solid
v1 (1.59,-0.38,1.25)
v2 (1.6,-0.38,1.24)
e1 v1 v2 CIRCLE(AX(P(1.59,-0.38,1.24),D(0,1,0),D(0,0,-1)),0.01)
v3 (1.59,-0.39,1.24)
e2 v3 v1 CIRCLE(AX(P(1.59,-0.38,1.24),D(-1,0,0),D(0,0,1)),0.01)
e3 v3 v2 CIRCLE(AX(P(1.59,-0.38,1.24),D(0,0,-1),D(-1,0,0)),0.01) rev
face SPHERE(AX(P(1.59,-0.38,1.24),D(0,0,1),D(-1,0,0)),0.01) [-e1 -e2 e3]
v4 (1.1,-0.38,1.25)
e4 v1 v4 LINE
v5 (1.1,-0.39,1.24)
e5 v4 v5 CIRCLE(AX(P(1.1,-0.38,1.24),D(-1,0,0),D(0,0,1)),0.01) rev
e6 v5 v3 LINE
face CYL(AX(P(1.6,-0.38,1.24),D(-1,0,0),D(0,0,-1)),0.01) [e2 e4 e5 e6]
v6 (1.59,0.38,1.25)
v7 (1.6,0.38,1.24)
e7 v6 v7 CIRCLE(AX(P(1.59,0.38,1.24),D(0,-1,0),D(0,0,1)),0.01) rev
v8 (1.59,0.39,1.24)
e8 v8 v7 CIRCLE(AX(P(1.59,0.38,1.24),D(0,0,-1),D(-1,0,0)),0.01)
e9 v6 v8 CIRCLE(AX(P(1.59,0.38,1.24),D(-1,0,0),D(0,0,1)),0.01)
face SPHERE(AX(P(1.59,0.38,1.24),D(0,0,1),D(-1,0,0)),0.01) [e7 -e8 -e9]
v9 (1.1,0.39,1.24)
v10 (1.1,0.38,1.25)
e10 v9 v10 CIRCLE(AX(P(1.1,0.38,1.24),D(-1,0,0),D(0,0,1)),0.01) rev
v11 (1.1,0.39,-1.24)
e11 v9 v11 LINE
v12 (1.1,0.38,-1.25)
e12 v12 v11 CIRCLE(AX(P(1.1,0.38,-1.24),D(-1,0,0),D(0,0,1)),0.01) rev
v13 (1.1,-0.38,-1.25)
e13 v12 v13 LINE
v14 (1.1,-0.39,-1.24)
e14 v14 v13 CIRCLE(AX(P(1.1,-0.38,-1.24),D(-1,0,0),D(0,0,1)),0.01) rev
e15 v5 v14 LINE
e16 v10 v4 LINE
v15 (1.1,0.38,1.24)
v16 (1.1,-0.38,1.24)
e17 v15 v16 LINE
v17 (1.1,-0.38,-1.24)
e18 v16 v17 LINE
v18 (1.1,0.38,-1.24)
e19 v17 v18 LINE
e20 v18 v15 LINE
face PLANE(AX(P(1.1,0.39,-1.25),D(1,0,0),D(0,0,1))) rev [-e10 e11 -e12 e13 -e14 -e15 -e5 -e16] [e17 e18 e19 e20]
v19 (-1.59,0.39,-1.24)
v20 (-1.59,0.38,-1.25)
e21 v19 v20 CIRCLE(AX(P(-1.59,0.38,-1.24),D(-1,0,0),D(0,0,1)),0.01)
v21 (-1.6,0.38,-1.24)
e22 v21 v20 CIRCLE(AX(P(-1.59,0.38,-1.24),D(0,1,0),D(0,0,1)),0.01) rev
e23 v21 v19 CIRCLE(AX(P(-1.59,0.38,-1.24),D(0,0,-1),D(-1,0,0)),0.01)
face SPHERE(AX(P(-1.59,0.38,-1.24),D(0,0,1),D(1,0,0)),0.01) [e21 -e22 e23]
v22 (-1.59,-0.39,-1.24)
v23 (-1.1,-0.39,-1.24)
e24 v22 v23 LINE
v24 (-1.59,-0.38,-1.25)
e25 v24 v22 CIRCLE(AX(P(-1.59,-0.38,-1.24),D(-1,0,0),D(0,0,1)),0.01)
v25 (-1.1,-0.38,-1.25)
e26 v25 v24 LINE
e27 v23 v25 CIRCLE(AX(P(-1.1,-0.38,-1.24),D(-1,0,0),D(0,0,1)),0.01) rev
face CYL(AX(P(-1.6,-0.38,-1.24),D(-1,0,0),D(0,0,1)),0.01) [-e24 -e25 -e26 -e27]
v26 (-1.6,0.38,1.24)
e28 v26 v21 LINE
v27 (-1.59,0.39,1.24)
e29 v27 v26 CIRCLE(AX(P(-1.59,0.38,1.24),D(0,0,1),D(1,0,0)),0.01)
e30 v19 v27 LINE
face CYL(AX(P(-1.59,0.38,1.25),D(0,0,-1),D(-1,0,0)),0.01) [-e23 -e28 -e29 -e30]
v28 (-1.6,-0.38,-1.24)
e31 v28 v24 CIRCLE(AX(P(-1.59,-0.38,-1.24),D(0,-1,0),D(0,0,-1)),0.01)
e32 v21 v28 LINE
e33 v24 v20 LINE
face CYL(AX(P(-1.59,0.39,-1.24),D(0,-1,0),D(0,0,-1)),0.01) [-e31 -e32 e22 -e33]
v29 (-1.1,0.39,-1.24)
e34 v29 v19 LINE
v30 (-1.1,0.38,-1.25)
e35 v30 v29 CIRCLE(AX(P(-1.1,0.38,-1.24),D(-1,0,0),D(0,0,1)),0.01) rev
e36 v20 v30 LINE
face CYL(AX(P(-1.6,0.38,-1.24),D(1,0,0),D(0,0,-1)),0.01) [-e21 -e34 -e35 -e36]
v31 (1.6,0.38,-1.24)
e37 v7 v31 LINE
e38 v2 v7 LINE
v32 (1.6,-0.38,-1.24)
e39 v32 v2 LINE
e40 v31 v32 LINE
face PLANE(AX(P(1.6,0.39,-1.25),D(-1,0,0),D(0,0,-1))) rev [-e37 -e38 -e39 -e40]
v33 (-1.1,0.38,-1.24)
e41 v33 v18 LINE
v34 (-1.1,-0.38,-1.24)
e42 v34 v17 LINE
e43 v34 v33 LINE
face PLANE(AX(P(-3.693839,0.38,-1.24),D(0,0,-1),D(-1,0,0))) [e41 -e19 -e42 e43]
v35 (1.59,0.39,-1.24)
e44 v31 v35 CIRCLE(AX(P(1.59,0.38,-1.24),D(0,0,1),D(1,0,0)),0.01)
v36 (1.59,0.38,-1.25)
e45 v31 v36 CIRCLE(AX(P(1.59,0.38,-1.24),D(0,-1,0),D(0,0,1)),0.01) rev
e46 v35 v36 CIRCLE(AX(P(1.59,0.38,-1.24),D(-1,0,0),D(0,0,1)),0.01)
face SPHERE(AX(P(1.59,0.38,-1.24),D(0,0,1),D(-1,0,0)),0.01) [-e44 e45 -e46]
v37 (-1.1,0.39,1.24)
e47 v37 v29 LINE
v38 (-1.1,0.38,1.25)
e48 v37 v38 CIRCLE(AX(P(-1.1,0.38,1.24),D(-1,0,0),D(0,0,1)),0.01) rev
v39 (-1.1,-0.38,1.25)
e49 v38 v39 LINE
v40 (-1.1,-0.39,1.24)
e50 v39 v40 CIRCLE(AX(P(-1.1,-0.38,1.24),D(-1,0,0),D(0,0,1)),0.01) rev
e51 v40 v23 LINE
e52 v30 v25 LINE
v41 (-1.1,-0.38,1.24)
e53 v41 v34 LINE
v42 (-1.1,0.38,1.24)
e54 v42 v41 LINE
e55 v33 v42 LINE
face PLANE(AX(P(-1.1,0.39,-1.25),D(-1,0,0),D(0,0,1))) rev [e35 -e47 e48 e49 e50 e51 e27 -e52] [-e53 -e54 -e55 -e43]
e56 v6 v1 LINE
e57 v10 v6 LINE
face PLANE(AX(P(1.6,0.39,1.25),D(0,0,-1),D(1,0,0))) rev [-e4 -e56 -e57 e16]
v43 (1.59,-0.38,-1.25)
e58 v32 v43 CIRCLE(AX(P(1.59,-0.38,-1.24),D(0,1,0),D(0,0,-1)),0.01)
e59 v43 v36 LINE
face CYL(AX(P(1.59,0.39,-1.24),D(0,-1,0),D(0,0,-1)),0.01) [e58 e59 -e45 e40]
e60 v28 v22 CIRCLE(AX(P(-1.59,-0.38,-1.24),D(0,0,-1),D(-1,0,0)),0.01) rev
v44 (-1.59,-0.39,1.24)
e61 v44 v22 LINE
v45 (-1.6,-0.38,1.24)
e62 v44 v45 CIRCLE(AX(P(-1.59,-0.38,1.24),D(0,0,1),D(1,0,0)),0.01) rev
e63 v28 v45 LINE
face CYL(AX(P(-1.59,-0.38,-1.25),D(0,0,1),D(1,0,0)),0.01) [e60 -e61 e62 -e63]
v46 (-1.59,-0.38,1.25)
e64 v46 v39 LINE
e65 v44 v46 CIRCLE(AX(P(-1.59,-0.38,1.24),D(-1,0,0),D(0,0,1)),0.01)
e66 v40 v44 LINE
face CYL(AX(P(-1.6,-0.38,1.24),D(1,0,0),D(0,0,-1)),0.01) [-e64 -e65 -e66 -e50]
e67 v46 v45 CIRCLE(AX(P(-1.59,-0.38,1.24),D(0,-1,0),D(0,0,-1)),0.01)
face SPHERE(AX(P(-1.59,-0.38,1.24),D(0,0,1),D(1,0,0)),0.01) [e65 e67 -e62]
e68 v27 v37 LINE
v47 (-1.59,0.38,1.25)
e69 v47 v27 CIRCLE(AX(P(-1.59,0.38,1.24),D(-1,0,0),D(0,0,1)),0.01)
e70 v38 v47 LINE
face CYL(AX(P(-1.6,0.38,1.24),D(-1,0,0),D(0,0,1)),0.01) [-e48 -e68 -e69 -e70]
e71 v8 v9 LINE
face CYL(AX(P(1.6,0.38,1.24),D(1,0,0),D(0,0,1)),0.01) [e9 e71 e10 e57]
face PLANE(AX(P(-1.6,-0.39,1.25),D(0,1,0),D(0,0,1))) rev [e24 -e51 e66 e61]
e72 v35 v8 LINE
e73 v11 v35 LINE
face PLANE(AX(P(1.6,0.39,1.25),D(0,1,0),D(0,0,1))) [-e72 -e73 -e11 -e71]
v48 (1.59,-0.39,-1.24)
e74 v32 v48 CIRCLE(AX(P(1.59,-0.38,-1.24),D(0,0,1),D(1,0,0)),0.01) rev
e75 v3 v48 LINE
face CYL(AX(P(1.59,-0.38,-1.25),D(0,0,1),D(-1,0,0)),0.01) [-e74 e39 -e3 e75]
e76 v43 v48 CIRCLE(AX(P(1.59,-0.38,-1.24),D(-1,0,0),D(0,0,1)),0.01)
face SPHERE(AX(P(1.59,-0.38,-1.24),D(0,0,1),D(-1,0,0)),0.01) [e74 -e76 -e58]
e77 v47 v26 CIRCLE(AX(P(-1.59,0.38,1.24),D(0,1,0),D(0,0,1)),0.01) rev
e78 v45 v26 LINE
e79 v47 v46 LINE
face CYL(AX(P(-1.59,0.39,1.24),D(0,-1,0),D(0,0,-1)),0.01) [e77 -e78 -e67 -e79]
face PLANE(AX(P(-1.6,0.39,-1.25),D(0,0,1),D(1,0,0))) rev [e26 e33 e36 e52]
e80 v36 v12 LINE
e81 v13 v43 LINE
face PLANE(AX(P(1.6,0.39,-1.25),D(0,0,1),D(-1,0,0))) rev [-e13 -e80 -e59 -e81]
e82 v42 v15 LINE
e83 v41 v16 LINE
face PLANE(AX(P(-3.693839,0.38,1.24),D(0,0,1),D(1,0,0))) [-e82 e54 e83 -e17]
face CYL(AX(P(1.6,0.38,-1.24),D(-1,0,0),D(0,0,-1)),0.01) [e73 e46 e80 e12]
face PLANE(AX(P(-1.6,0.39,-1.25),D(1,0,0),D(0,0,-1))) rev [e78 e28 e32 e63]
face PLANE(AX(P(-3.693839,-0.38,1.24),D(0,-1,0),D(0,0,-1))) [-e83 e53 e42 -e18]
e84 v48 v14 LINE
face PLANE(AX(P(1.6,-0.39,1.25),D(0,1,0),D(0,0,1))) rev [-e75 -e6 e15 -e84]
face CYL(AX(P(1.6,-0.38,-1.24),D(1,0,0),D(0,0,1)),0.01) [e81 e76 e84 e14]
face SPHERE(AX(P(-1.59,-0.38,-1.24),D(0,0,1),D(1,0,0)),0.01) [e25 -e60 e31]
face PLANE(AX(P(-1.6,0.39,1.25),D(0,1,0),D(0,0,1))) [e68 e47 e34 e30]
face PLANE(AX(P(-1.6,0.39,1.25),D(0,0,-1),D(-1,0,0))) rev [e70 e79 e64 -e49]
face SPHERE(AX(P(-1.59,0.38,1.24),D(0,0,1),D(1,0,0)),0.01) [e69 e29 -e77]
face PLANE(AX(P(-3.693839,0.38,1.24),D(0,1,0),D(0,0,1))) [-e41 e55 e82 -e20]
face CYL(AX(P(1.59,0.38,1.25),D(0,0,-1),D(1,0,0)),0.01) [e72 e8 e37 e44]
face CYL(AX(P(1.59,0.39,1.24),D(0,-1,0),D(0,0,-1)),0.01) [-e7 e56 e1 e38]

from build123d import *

# Parameters (mm, degrees)
SKETCH1_W            = 0.5
SKETCH1_H            = 2.5
THICKNESS_DEPTH      = 0.39
FILLET1_R            = 0.01
SKETCH2_W            = 2.48
SKETCH2_H            = 0.76
BOSS_EXTRUDE2_DEPTH  = 1.1
FILLET1_OF_MIRROR3_R = 0.01


with BuildPart() as part:
    # Sketch1 → THICKNESS (new, symmetric)
    with BuildSketch(Plane(origin=(0, 0, 0), x_dir=(1, 0, 0), z_dir=(0, 1, 0))):
        with Locations((-1.35, 0)):
            Rectangle(SKETCH1_W, SKETCH1_H)
    thickness = extrude(amount=THICKNESS_DEPTH, both=True)

    # Fillet1
    fillet1_edges = [part.edges().sort_by_distance(p)[0] for p in [
        (-1.35, 0.39, -1.25),
        (-1.6, 0.39, 0),
        (-1.35, -0.39, -1.25),
        (-1.35, -0.39, 1.25),
        (-1.6, -0.39, 0),
        (-1.35, 0.39, 1.25),
        (-1.6, 0, -1.25),
        (-1.6, 0, 1.25),
    ]]
    fillet(fillet1_edges, radius=FILLET1_R)

    # Sketch2 → Boss-Extrude2 (add)
    with BuildSketch(Plane(origin=(0, 0, 0), x_dir=(0, 0, -1), z_dir=(1, 0, 0))):
        Rectangle(SKETCH2_W, SKETCH2_H)
    boss_extrude2 = extrude(amount=-BOSS_EXTRUDE2_DEPTH)

    # Mirror3: THICKNESS, Boss-Extrude2 across plane
    add(thickness.mirror(Plane(origin=(0, 0, 0), x_dir=(0, 0, 1), z_dir=(1, 0, 0))))
    add(boss_extrude2.mirror(Plane(origin=(0, 0, 0), x_dir=(0, 0, 1), z_dir=(1, 0, 0))))

    # Fillet1 of Mirror3
    fillet1_of_mirror3_edges = [part.edges().sort_by_distance(p)[0] for p in [
        (1.35, 0.39, -1.25),
        (1.6, 0.39, 0),
        (1.35, -0.39, -1.25),
        (1.35, -0.39, 1.25),
        (1.6, -0.39, 0),
        (1.35, 0.39, 1.25),
        (1.6, 0, -1.25),
        (1.6, 0, 1.25),
    ]]
    fillet(fillet1_of_mirror3_edges, radius=FILLET1_OF_MIRROR3_R)


solid = part.part
